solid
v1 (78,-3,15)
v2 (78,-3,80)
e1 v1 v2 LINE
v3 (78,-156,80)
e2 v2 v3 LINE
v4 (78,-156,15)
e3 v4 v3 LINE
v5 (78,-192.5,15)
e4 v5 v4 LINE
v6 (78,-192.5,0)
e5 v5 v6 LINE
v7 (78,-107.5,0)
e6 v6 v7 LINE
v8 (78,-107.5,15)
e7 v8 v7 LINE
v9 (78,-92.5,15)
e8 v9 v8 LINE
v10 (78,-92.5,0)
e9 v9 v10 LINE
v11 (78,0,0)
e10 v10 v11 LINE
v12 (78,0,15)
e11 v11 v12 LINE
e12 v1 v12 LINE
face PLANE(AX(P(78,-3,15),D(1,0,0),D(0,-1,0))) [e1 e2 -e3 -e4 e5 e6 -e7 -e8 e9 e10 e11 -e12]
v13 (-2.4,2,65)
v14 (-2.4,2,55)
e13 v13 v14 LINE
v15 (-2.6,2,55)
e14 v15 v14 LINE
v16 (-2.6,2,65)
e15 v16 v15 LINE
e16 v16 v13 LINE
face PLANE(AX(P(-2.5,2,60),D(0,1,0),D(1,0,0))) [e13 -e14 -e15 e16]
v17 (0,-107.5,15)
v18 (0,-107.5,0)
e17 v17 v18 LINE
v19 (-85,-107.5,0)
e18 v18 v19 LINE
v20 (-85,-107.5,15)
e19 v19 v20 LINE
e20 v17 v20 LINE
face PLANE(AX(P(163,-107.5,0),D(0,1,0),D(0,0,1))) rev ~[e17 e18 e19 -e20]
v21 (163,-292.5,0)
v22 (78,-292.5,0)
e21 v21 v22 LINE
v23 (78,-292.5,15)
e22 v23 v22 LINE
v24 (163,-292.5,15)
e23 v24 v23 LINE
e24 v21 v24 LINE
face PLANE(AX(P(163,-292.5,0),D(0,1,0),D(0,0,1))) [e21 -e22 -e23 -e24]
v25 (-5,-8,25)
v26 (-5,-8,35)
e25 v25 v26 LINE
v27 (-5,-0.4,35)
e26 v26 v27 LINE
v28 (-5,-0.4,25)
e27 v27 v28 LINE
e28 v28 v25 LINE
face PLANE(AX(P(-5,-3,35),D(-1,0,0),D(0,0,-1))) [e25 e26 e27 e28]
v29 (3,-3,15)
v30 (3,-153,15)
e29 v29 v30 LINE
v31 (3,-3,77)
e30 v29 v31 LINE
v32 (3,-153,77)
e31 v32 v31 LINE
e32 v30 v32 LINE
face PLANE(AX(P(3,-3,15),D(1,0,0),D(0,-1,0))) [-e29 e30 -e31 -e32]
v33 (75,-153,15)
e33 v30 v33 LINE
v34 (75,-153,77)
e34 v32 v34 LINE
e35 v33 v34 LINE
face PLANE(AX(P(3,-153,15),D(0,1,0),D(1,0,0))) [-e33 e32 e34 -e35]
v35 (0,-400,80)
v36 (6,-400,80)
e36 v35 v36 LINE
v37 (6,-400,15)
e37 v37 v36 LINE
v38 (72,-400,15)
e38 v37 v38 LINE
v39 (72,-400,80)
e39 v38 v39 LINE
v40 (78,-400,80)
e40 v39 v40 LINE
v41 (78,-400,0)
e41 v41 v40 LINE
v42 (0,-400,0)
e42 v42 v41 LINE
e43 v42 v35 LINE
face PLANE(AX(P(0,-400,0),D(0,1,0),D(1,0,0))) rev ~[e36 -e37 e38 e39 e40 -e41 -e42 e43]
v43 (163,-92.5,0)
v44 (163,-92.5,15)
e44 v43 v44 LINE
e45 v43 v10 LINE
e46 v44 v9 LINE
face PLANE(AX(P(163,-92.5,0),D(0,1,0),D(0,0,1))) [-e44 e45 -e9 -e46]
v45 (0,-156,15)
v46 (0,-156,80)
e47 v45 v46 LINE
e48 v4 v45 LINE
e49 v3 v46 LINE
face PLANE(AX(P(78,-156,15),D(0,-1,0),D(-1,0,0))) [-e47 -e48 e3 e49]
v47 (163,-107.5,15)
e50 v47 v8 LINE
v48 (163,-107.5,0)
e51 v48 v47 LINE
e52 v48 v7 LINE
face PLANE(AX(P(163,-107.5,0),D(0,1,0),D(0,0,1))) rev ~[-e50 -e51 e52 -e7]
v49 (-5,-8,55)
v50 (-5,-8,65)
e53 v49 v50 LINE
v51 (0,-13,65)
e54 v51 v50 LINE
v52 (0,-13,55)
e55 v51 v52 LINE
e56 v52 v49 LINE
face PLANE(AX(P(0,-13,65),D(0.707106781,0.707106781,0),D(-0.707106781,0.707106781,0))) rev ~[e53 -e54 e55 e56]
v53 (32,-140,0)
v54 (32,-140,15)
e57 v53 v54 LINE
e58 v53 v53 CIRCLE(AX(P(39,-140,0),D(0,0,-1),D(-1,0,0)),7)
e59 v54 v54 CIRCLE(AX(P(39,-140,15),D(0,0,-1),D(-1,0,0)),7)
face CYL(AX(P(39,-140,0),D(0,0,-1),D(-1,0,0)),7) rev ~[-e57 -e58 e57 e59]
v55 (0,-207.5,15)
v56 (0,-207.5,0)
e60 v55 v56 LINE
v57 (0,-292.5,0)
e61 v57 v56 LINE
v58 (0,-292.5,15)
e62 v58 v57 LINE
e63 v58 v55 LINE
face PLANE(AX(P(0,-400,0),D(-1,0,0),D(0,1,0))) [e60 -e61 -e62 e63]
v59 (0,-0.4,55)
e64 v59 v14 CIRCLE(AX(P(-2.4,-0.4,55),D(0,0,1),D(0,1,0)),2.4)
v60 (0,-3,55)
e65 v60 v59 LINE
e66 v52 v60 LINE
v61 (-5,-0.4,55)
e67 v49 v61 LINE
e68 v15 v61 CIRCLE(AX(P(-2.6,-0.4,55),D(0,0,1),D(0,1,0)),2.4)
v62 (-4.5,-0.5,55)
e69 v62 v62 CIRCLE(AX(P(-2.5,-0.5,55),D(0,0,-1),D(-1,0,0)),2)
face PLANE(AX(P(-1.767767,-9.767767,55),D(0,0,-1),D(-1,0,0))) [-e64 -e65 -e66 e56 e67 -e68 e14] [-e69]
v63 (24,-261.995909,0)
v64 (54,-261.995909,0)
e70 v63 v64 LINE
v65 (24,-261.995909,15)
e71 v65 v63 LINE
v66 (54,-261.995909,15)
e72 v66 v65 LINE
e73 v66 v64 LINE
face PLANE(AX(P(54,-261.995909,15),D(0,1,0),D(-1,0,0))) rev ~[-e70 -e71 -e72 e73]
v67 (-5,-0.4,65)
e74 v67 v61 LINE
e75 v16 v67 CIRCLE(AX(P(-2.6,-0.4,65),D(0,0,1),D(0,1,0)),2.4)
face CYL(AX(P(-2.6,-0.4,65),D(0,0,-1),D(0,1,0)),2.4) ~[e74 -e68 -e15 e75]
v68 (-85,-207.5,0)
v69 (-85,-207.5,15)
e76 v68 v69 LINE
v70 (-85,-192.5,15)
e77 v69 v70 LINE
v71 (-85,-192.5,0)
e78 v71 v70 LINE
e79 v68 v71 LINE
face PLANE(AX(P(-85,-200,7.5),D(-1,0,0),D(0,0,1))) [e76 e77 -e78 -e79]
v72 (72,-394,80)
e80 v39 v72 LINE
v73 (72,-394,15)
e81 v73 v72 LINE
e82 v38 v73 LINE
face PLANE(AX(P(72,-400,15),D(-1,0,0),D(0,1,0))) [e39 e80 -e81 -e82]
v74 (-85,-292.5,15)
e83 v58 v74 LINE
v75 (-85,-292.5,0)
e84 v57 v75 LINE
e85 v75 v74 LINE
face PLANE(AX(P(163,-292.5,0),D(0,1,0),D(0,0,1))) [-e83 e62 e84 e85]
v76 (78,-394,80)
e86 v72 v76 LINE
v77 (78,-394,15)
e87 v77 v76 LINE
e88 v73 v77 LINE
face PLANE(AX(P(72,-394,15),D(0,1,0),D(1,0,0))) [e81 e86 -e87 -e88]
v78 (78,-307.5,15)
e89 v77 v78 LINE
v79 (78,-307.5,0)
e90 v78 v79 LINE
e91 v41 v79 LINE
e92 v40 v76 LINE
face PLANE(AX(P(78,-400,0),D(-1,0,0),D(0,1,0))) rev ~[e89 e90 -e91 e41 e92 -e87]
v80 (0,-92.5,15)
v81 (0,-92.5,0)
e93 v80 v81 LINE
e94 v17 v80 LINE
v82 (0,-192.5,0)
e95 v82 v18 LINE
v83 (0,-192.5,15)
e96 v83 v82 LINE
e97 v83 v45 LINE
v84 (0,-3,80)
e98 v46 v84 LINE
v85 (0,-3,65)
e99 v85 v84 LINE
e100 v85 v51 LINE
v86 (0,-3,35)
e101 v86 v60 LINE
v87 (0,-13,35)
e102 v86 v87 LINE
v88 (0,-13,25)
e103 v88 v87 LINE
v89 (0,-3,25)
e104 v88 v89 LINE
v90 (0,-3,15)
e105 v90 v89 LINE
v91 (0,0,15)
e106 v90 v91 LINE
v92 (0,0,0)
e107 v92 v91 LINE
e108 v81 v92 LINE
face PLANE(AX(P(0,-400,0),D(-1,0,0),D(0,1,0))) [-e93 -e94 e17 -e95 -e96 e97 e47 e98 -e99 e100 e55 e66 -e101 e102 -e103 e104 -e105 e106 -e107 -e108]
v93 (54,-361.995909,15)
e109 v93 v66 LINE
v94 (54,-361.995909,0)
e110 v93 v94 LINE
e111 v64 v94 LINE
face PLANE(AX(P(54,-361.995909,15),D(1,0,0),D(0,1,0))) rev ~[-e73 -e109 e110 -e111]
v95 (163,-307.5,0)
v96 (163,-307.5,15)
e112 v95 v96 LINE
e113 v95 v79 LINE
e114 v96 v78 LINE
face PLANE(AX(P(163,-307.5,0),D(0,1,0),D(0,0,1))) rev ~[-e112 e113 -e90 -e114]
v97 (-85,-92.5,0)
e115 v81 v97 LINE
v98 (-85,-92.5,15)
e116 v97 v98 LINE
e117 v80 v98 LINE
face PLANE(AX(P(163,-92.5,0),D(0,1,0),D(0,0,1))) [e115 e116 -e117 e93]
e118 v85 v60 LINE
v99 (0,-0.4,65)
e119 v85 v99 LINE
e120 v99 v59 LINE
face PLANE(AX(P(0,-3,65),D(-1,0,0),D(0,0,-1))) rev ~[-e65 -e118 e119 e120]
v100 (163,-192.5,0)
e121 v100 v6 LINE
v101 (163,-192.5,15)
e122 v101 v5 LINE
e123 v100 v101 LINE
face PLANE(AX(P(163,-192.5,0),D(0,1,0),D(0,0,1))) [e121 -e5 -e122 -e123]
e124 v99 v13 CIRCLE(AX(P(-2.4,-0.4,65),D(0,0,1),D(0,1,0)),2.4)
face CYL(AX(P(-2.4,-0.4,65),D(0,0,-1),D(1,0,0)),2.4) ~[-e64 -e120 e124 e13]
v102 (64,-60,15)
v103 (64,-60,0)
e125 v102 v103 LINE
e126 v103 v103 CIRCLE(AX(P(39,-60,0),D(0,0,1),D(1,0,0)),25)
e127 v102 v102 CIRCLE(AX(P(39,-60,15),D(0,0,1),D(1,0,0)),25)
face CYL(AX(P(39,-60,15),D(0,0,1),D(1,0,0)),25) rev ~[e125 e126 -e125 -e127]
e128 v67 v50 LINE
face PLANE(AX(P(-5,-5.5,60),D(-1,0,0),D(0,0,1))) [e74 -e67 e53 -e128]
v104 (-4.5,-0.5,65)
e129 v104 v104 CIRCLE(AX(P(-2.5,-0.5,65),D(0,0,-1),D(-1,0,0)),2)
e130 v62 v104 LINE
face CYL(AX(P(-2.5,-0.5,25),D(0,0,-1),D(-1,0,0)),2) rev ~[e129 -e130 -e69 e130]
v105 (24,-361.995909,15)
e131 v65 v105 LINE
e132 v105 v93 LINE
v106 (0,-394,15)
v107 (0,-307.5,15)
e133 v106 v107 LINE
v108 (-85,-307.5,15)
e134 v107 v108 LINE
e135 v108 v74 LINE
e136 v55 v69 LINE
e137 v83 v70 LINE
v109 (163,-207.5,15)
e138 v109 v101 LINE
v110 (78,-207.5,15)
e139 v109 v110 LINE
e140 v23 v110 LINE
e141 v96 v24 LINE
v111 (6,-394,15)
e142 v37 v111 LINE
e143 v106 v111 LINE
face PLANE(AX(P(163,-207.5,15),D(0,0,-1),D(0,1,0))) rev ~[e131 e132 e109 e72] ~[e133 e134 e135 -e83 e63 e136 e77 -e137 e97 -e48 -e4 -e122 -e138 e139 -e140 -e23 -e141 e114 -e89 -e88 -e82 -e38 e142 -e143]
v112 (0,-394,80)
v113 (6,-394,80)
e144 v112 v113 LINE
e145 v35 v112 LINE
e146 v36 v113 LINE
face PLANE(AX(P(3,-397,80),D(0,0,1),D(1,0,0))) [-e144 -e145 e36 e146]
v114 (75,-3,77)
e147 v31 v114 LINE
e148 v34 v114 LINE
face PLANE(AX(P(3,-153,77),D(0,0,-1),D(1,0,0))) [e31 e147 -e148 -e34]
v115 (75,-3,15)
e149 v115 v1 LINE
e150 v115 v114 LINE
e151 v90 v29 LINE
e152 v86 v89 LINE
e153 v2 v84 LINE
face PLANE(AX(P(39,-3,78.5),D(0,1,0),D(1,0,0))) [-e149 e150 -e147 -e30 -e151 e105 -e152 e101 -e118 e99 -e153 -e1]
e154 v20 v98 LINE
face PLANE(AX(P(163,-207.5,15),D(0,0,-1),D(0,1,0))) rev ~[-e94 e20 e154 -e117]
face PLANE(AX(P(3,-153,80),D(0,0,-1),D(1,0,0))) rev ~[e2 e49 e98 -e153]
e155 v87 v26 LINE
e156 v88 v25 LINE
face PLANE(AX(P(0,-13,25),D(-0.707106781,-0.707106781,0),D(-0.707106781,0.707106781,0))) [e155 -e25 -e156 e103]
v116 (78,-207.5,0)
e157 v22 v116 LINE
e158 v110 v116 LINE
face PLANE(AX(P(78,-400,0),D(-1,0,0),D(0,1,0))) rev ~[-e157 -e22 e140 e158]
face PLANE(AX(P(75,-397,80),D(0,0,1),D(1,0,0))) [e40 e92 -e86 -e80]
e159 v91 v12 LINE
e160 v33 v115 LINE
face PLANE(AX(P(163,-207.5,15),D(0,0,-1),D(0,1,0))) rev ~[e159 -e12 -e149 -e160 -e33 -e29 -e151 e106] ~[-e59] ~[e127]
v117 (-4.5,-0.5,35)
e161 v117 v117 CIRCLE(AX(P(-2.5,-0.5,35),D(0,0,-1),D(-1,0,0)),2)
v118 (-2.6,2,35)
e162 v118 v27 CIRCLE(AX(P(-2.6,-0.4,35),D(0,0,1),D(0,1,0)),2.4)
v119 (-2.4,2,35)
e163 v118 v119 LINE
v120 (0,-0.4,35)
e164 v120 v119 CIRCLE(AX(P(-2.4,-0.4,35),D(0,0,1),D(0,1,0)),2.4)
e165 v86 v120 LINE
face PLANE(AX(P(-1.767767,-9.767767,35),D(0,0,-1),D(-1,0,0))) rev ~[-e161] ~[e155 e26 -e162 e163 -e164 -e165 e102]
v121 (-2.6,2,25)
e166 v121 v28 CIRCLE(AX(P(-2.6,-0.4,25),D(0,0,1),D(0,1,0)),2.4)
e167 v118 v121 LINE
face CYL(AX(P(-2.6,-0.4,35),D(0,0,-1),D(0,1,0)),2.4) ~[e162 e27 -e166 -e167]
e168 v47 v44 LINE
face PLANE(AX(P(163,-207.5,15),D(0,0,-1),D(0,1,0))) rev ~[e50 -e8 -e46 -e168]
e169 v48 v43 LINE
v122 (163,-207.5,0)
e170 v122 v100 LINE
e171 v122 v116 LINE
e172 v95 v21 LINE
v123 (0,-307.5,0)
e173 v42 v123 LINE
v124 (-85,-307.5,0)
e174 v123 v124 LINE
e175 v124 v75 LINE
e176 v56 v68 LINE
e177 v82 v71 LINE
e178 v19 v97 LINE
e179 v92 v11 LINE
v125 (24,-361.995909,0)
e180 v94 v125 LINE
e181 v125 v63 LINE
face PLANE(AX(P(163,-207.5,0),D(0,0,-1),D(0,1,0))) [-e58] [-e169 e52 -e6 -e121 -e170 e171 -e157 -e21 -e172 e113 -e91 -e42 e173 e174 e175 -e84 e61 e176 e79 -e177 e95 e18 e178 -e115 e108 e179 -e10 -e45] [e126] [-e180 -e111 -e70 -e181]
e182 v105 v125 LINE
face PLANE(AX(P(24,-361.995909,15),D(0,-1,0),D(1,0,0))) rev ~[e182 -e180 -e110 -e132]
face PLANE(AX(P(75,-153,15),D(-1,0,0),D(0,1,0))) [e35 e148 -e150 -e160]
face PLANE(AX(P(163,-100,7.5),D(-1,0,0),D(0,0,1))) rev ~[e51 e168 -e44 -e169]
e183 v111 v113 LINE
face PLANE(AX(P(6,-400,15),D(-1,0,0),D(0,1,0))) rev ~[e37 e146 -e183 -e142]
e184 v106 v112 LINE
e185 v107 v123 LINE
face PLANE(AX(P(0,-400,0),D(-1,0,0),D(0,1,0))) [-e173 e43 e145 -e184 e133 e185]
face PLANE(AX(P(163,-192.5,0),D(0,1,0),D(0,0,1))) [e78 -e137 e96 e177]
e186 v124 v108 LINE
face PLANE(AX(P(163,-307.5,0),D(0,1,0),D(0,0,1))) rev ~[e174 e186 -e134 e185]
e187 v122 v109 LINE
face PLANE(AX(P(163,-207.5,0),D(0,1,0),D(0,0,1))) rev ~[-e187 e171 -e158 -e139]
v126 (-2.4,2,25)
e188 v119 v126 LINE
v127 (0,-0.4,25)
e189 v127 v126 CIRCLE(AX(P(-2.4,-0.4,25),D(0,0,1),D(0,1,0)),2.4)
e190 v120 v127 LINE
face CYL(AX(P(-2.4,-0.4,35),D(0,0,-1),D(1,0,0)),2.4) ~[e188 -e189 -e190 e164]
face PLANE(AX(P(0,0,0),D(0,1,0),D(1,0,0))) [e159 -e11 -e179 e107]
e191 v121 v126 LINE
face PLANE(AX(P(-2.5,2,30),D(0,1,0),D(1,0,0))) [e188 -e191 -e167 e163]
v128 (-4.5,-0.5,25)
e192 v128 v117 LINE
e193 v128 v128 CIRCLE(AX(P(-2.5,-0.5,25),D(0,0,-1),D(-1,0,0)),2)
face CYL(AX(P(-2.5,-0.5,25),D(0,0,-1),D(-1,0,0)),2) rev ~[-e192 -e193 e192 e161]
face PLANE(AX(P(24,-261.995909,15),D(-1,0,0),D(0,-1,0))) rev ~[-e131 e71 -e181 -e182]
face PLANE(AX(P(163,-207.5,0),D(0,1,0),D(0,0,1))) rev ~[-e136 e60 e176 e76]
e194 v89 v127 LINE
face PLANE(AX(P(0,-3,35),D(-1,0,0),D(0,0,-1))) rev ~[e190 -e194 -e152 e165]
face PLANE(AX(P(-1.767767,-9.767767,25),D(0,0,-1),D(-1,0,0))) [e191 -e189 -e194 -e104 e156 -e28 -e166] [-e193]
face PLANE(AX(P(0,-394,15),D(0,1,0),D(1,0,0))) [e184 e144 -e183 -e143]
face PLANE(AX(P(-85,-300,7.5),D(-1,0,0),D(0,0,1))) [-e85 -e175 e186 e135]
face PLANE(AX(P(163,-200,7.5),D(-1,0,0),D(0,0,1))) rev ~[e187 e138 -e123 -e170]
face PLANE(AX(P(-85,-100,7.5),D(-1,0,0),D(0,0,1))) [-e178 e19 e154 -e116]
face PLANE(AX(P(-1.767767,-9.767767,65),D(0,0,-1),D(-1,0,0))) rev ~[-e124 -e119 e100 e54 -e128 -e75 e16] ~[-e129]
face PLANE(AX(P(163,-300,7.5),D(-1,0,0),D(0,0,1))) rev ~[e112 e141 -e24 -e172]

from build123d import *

# Parameters (mm, degrees)
IZIM1_W                          = 78
IZIM1_H                          = 400
Y_KSEKLIK_EKSTR_ZYON1_DEPTH      = 15
IZIM2_R                          = 25
KES_EKSTR_ZYON1_DEPTH            = 30
Y_KSEKLIK_EKSTR_ZYON2_DEPTH      = 85
Y_KSEKLIK_EKSTR_ZYON2_DEPTH_BACK = 163
IZIM3_W                          = 15
IZIM3_H                          = 15
KES_EKSTR_ZYON2_DEPTH            = 26
IZIM5_W                          = 6
IZIM5_H                          = 6
Y_KSEKLIK_EKSTR_ZYON3_DEPTH      = 65
IZIM6_R                          = 7
KES_EKSTR_ZYON3_DEPTH            = 65
IZIM8_W                          = 72
IZIM8_H                          = 3
Y_KSEKLIK_EKSTR_ZYON4_DEPTH      = 150
IZIM9_W                          = 10
IZIM9_H                          = 5
Y_KSEKLIK_EKSTR_ZYON5_DEPTH      = 5
IZIM12_W                         = 5
IZIM12_H                         = 10
Y_KSEKLIK_EKSTR_ZYON6_DEPTH      = 5
Y_KSEKLIK_EKSTR_ZYON7_DEPTH      = 10
Y_KSEKLIK_EKSTR_ZYON8_DEPTH      = 10
IZIM15_R                         = 2
KES_EKSTR_ZYON5_DEPTH            = 46
RADYUS1_R                        = 2.4
RADYUS2_R                        = 2.4
RADYUS3_R                        = 2.4
RADYUS4_R                        = 2.4


with BuildPart() as part:
    # Çizim1 → Yükseklik-Ekstrüzyon1 (new body)
    with BuildSketch(Plane.XY):
        with Locations((39, -200)):
            Rectangle(IZIM1_W, IZIM1_H)
    extrude(amount=Y_KSEKLIK_EKSTR_ZYON1_DEPTH)

    # Çizim2 → Kes-Ekstrüzyon1 (cut)
    with BuildSketch(Plane.XY.offset(15)):
        with Locations((39, -60)):
            Circle(IZIM2_R)
    extrude(amount=-KES_EKSTR_ZYON1_DEPTH, mode=Mode.SUBTRACT)

    # Çizim3 → Yükseklik-Ekstrüzyon2 (add, two sides: drawn at the far end of the back side and taken through both)
    with BuildSketch(Plane.ZY.offset(-Y_KSEKLIK_EKSTR_ZYON2_DEPTH_BACK)):
        with Locations((7.5, -200)):
            Rectangle(IZIM3_W, IZIM3_H)
        with Locations((7.5, -100)):
            Rectangle(IZIM3_W, IZIM3_H)
        with Locations((7.5, -300)):
            Rectangle(IZIM3_W, IZIM3_H)
    extrude(amount=Y_KSEKLIK_EKSTR_ZYON2_DEPTH + Y_KSEKLIK_EKSTR_ZYON2_DEPTH_BACK)

    # Çizim4 → Kes-Ekstrüzyon2 (cut)
    with BuildSketch(Plane.XY.offset(15)):
        Polygon((24, -261.99590857), (24, -361.99590857), (39, -361.99590857), (54, -361.99590857), (54, -261.99590857), align=None)
    extrude(amount=-KES_EKSTR_ZYON2_DEPTH, mode=Mode.SUBTRACT)

    # Çizim5 → Yükseklik-Ekstrüzyon3 (add)
    with BuildSketch(Plane.XY.offset(15)):
        Polygon((75, -3), (78, -3), (78, -156), (0, -156), (0, -3), (3, -3), (3, -153), (75, -153), align=None)
        with Locations((3, -397)):
            Rectangle(IZIM5_W, IZIM5_H)
        with Locations((75, -397)):
            Rectangle(IZIM5_W, IZIM5_H)
    extrude(amount=Y_KSEKLIK_EKSTR_ZYON3_DEPTH)

    # Çizim6 → Kes-Ekstrüzyon3 (cut)
    with BuildSketch(Plane(origin=(0, 0, 0), x_dir=(-1, 0, 0), z_dir=(0, 0, -1))):
        with Locations((-39, -140)):
            Circle(IZIM6_R)
    extrude(amount=-KES_EKSTR_ZYON3_DEPTH, mode=Mode.SUBTRACT)

    # Çizim8 → Yükseklik-Ekstrüzyon4 (add)
    with BuildSketch(Plane(origin=(0, -153, 0), x_dir=(1, 0, 0), z_dir=(0, 1, 0))):
        with Locations((39, -78.5)):
            Rectangle(IZIM8_W, IZIM8_H)
    extrude(amount=Y_KSEKLIK_EKSTR_ZYON4_DEPTH)

    # Çizim9 → Yükseklik-Ekstrüzyon5 (add)
    with BuildSketch(Plane.ZY):
        with Locations((60, -5.5)):
            Rectangle(IZIM9_W, IZIM9_H)
        with Locations((30, -5.5)):
            Rectangle(IZIM9_W, IZIM9_H)
    extrude(amount=Y_KSEKLIK_EKSTR_ZYON5_DEPTH)

    # Çizim12 → Yükseklik-Ekstrüzyon6 (add)
    with BuildSketch(Plane(origin=(0, -3, 0), x_dir=(1, 0, 0), z_dir=(0, 1, 0))):
        with Locations((-2.5, -30)):
            Rectangle(IZIM12_W, IZIM12_H)
        with Locations((-2.5, -60)):
            Rectangle(IZIM12_W, IZIM12_H)
    extrude(amount=Y_KSEKLIK_EKSTR_ZYON6_DEPTH)

    # Çizim13 → Yükseklik-Ekstrüzyon7 (add)
    with BuildSketch(Plane.XY.offset(65)):
        Polygon((-5, -8), (0, -8), (0, -13), align=None)
    extrude(amount=-Y_KSEKLIK_EKSTR_ZYON7_DEPTH)

    # Çizim14 → Yükseklik-Ekstrüzyon8 (add)
    with BuildSketch(Plane(origin=(0, 0, 25), x_dir=(-1, 0, 0), z_dir=(0, 0, -1))):
        Polygon((0, -8), (0, -13), (5, -8), align=None)
    extrude(amount=-Y_KSEKLIK_EKSTR_ZYON8_DEPTH)

    # Çizim15 → Kes-Ekstrüzyon5 (cut)
    with BuildSketch(Plane(origin=(0, 0, 25), x_dir=(-1, 0, 0), z_dir=(0, 0, -1))):
        with Locations((2.5, -0.5)):
            Circle(IZIM15_R)
    extrude(amount=-KES_EKSTR_ZYON5_DEPTH, mode=Mode.SUBTRACT)

    # Radyus1
    radyus1_edges = [part.edges().sort_by_distance(p)[0] for p in [
        (0, 2, 60),
    ]]
    fillet(radyus1_edges, radius=RADYUS1_R)

    # Radyus2
    radyus2_edges = [part.edges().sort_by_distance(p)[0] for p in [
        (0, 2, 30),
    ]]
    fillet(radyus2_edges, radius=RADYUS2_R)

    # Radyus3
    radyus3_edges = [part.edges().sort_by_distance(p)[0] for p in [
        (-5, 2, 30),
    ]]
    fillet(radyus3_edges, radius=RADYUS3_R)

    # Radyus4
    radyus4_edges = [part.edges().sort_by_distance(p)[0] for p in [
        (-5, 2, 60),
    ]]
    fillet(radyus4_edges, radius=RADYUS4_R)


solid = part.part
